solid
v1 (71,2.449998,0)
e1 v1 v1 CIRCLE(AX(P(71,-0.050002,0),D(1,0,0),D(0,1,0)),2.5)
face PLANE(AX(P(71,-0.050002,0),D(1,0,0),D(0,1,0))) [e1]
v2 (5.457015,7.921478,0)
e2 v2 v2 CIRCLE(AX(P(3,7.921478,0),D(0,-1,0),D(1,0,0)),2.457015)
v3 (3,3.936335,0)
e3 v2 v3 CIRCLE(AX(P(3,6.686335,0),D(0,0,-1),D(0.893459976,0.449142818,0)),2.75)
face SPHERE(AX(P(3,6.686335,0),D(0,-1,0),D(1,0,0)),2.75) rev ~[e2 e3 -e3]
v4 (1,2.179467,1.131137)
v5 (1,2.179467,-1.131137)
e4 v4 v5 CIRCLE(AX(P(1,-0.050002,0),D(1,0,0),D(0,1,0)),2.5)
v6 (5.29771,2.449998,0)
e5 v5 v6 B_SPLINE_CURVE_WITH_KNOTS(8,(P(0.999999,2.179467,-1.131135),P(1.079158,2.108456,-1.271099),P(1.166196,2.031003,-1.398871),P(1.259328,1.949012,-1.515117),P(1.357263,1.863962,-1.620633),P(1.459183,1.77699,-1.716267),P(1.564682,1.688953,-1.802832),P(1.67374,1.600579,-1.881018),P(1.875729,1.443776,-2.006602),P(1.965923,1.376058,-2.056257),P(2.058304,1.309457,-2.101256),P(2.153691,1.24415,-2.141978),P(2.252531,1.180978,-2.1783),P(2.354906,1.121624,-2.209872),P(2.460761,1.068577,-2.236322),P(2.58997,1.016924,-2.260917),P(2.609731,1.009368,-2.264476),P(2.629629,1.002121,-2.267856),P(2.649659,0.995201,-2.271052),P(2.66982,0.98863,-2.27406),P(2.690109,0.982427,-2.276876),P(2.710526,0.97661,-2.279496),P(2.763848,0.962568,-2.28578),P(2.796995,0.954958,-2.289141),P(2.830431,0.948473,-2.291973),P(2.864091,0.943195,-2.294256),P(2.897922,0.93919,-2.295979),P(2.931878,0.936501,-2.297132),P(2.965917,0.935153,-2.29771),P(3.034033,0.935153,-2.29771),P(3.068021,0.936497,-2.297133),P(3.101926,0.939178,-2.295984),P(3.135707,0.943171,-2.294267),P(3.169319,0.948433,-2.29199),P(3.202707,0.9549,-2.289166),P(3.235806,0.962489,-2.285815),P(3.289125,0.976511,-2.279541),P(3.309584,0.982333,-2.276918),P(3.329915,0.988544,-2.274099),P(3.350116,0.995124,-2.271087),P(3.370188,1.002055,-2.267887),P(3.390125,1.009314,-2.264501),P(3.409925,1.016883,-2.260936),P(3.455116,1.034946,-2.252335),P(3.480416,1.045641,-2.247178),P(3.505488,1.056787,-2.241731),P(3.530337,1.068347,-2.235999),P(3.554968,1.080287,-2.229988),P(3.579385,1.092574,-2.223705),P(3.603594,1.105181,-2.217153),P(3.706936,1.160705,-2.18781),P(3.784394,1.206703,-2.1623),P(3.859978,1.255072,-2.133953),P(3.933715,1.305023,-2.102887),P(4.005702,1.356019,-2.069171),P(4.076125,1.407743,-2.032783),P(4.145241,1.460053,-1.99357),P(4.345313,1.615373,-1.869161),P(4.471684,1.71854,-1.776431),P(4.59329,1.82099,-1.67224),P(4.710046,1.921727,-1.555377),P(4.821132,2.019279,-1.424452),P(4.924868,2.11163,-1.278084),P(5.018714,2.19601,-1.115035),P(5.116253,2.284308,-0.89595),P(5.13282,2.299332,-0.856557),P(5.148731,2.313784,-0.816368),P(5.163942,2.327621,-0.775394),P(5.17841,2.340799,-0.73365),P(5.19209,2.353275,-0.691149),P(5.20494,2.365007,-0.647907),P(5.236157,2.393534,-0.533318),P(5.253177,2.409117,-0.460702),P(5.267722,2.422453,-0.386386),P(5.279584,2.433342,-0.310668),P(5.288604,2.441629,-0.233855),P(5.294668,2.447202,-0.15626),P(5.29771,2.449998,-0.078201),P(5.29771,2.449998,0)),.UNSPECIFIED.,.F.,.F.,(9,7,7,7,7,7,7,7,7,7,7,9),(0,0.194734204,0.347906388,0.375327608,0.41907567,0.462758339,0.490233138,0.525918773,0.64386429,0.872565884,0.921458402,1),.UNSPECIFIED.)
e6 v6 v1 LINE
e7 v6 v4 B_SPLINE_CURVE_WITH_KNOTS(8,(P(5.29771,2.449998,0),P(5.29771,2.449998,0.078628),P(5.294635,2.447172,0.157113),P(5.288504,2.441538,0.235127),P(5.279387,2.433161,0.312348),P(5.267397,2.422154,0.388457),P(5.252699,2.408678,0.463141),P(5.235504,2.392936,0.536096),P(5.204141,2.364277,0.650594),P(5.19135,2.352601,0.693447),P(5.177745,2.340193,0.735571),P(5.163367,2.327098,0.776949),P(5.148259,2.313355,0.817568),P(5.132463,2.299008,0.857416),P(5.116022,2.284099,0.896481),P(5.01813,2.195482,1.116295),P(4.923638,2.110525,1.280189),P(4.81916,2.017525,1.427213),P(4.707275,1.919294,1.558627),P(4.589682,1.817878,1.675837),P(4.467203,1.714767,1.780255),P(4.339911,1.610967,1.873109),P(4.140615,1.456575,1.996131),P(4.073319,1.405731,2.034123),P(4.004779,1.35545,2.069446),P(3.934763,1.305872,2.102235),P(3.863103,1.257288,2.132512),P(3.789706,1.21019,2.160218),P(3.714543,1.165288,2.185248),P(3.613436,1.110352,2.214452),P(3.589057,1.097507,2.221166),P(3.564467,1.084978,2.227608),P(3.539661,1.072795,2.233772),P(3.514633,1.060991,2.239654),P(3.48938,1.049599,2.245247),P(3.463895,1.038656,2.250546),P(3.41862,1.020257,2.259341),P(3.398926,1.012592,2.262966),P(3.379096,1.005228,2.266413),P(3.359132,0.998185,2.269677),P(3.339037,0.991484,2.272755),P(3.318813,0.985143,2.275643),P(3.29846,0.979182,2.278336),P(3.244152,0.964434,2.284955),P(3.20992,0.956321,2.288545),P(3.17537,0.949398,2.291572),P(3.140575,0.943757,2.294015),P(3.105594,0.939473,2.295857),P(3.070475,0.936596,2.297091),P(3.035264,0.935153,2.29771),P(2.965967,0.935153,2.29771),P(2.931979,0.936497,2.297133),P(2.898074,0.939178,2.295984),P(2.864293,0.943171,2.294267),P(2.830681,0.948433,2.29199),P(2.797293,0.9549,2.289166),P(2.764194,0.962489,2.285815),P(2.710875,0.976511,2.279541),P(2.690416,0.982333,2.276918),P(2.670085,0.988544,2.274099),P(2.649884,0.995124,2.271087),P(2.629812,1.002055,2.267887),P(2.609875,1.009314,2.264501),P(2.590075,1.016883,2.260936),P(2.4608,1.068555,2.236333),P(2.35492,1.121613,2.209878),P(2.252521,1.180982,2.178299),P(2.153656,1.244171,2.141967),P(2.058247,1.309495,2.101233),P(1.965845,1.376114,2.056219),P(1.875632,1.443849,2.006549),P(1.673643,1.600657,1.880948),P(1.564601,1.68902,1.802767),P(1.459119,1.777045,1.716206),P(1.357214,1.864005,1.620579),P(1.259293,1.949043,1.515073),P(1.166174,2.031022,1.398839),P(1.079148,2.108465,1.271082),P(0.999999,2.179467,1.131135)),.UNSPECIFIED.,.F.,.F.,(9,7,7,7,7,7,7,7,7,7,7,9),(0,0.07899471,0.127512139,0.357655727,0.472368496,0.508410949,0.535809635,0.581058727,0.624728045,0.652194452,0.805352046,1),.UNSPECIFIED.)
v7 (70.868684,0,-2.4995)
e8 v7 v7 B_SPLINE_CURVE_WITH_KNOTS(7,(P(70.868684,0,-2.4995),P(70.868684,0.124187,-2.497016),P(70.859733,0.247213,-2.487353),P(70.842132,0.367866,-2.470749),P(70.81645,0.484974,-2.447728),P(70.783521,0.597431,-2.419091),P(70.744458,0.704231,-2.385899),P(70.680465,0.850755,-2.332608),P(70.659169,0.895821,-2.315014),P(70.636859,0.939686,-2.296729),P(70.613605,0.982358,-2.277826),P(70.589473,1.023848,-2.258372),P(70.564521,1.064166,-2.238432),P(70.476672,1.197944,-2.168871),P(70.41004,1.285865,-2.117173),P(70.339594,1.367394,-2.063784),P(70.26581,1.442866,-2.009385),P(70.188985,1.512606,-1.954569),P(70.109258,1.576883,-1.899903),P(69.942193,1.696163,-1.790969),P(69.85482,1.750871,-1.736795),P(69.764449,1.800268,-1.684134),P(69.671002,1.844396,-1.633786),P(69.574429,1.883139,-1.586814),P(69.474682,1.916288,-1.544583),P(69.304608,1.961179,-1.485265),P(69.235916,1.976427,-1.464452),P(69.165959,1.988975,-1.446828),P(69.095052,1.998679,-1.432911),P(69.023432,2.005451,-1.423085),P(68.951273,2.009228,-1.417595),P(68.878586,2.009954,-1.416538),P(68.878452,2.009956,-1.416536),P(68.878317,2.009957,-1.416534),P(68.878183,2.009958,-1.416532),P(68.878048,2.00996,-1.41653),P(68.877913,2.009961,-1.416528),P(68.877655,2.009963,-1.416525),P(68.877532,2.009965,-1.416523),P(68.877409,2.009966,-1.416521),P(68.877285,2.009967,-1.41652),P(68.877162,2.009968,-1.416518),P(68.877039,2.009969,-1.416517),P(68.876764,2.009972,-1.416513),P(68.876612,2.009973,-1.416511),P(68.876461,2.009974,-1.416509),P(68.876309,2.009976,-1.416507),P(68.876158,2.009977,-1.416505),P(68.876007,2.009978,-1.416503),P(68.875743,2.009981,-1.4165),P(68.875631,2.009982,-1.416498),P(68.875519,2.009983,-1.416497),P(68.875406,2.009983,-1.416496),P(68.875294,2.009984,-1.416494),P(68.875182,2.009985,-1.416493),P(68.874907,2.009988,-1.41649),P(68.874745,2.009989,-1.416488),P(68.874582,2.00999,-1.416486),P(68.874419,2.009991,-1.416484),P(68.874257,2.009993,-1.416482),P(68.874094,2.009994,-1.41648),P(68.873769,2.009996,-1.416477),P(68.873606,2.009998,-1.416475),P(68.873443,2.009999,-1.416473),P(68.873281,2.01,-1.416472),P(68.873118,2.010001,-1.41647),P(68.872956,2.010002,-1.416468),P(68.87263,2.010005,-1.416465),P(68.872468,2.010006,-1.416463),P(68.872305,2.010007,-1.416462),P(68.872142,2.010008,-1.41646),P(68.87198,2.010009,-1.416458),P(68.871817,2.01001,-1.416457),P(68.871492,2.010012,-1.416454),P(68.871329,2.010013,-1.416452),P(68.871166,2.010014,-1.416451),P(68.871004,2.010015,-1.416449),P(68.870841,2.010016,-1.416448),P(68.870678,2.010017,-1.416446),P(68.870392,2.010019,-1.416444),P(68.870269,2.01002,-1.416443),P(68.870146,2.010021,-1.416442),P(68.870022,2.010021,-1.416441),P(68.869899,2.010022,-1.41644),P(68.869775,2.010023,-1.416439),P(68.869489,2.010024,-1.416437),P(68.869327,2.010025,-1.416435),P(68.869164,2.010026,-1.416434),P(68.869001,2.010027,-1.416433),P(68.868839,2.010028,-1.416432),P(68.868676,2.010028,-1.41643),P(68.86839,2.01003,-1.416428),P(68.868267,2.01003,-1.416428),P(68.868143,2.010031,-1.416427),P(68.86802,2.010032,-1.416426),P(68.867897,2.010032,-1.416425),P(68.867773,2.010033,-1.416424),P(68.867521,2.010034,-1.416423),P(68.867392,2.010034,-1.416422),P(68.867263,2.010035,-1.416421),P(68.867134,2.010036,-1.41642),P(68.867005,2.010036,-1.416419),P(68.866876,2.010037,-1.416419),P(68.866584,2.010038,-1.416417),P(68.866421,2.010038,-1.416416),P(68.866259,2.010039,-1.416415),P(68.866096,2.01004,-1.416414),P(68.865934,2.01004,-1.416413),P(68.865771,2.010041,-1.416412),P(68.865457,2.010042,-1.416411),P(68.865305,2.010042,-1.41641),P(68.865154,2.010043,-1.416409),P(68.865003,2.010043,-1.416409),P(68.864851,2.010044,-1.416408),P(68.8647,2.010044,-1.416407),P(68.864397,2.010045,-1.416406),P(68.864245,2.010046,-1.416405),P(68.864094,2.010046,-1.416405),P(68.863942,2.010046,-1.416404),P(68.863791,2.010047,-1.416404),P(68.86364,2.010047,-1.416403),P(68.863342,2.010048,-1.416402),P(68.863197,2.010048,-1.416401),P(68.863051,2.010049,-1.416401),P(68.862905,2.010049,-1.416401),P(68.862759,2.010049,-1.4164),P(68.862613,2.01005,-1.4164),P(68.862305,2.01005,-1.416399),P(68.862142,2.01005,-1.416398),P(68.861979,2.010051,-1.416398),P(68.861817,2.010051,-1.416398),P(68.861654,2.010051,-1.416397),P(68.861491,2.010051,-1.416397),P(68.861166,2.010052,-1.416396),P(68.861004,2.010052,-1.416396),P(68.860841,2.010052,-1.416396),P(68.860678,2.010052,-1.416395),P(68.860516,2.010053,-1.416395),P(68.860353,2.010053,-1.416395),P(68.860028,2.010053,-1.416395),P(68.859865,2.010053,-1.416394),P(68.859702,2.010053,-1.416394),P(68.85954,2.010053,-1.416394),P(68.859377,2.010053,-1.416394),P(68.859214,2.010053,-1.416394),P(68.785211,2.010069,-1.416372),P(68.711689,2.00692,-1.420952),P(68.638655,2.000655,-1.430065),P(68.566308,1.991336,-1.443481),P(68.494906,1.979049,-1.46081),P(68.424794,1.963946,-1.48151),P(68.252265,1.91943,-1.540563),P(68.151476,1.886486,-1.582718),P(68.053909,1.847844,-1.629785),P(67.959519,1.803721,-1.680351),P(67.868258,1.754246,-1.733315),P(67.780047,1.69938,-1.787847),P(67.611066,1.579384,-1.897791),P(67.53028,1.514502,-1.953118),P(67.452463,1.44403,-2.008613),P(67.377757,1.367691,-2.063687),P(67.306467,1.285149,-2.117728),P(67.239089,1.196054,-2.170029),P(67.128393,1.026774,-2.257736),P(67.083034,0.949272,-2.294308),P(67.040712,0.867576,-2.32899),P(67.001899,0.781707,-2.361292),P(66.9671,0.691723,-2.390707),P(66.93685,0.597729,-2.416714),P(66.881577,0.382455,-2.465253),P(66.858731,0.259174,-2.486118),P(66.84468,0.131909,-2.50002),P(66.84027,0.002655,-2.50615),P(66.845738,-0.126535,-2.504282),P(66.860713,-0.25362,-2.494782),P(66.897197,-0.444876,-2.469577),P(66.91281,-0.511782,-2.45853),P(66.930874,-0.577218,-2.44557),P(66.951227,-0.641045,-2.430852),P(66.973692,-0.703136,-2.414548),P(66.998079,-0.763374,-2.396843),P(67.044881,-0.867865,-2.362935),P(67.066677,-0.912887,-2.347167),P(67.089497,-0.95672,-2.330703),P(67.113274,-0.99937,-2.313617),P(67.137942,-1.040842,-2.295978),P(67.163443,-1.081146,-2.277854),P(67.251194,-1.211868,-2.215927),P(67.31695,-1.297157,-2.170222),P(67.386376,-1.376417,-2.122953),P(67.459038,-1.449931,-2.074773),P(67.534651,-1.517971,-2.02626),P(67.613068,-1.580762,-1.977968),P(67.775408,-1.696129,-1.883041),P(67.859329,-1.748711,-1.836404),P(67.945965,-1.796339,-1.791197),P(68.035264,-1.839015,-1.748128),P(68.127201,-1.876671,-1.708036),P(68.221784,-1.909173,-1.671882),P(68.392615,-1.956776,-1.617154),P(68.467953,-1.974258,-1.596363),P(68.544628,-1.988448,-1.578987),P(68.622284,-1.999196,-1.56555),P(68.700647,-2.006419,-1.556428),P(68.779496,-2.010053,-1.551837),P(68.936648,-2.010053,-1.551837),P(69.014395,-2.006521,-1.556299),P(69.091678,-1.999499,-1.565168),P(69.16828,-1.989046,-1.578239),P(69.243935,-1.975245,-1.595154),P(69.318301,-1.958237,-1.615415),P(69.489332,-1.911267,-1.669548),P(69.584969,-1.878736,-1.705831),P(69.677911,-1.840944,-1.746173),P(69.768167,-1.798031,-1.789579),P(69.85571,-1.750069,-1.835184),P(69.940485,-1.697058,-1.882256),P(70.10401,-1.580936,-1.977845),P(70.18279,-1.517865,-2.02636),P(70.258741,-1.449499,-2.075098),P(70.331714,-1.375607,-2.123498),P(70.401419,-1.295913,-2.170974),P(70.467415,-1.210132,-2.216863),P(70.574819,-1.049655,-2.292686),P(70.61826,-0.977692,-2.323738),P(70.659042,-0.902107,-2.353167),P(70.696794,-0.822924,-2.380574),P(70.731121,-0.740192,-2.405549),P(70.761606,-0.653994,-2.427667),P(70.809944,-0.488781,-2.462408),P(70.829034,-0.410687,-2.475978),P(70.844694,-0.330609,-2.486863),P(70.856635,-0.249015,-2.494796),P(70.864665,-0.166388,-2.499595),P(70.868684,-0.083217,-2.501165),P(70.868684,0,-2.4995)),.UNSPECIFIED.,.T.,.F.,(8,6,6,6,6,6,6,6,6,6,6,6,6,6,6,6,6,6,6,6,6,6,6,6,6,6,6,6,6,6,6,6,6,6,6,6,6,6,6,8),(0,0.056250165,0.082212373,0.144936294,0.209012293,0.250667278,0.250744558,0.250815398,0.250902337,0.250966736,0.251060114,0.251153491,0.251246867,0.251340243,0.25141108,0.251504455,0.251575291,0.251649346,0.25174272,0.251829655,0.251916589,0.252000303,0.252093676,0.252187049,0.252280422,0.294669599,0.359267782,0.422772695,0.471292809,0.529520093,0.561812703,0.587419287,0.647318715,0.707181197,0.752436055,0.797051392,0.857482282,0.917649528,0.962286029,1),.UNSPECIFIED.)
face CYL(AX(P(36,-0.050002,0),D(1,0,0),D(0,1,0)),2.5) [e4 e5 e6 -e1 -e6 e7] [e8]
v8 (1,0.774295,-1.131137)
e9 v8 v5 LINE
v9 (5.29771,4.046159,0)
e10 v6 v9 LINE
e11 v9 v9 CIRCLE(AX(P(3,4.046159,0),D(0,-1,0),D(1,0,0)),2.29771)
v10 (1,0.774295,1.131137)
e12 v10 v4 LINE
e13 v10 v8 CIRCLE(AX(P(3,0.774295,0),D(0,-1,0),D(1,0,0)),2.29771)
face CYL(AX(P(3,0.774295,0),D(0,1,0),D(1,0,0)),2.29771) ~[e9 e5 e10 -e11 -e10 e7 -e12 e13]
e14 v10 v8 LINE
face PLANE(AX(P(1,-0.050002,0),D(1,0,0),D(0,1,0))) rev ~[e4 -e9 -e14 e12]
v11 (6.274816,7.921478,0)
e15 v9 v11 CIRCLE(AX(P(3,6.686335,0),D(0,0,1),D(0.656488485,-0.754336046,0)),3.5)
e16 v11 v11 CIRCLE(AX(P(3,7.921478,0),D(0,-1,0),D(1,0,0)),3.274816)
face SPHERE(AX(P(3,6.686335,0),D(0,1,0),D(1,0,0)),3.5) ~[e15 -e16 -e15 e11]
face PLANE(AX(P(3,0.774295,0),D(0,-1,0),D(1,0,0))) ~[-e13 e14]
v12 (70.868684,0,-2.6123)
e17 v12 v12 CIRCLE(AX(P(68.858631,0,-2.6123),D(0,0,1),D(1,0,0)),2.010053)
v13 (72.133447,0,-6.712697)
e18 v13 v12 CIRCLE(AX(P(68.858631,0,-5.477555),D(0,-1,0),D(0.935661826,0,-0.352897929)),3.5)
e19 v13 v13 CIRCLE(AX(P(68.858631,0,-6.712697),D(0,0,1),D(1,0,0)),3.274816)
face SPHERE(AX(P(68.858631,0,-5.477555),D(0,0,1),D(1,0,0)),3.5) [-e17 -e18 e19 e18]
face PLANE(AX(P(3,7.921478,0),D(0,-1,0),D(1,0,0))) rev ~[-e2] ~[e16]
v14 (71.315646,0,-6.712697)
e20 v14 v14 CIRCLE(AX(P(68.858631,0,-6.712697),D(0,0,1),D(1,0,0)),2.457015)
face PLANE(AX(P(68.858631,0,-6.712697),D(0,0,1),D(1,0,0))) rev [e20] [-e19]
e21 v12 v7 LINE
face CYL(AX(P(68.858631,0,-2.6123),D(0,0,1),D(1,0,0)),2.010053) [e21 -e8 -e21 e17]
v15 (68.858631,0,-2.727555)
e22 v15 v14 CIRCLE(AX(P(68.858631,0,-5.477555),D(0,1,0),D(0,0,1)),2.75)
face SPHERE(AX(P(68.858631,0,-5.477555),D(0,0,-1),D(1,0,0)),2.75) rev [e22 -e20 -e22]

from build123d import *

# Parameters (mm, degrees)
F3_R     = 2.5
F4_DEPTH = 35


with BuildPart() as f1:
    # F0 (on Top) → F1 (revolve)
    with BuildSketch(Plane.XY):
        with BuildLine():
            Line((3, 10.3863353059), (3, 7.9742954113))
            Line((3, 7.9742954113), (5.297709696, 7.9742954113))
            Line((5.297709696, 7.9742954113), (5.297709696, 10.7682199602))
            Line((5.297709696, 10.7682199602), (5.297709696, 11.2461591464))
            ThreePointArc((5.297709696, 11.2461591464), (4.226658763, 10.6083316025), (3, 10.3863353059))
        make_face()
        with BuildLine():
            Line((3, 11.1363353059), (3, 10.3863353059))
            ThreePointArc((3, 10.3863353059), (4.226658763, 10.6083316025), (5.297709696, 11.2461591464))
            ThreePointArc((5.297709696, 11.2461591464), (6.3937863673, 13.0306402124), (6.2748163897, 15.1214780561))
            Line((6.2748163897, 15.1214780561), (5.4570149341, 15.1214780561))
            ThreePointArc((5.4570149341, 15.1214780561), (5.3408484106, 12.4430998024), (3, 11.1363353059))
        make_face()
    revolve(axis=Axis((3, 12.1363353059, 0), (0, -1, 0)))

    # F3 (on offset) → F4 (join, symmetric)
    with BuildSketch(Plane.YZ.offset(36)):
        with Locations((7.1499980986, 0)):
            Circle(F3_R)
    extrude(amount=F4_DEPTH, both=True)


with BuildPart() as f1_1:
    # F5: moved
    add(f1.part.moved(Location((0, -7.2, 0))))

    # F6 (on Front) → F7 (revolve)
    with BuildSketch(Plane.XZ):
        with BuildLine():
            ThreePointArc((68.8586309552, -2.7275545988), (71.1994793659, -4.0343190953), (71.3156458893, -6.712697349))
            Line((71.3156458893, -6.712697349), (72.133447345, -6.712697349))
            ThreePointArc((72.133447345, -6.712697349), (72.2031454778, -4.4459429431), (70.8686844446, -2.612299816))
            ThreePointArc((70.8686844446, -2.612299816), (69.9125778847, -2.1400112103), (68.8586309552, -1.9775545988))
            Line((68.8586309552, -1.9775545988), (68.8586309552, -2.7275545988))
        make_face()
        with BuildLine():
            Line((68.8586309552, 0.4344852958), (68.8586309552, -1.9775545988))
            ThreePointArc((68.8586309552, -1.9775545988), (69.9125778847, -2.1400112103), (70.8686844446, -2.612299816))
            Line((70.8686844446, -2.612299816), (70.8686844446, 0.4344852958))
            Line((70.8686844446, 0.4344852958), (68.8586309552, 0.4344852958))
        make_face()
    revolve(axis=Axis((68.8586309552, 0, -3.7275545988), (0, 0, 1)))


solid = f1_1.part
